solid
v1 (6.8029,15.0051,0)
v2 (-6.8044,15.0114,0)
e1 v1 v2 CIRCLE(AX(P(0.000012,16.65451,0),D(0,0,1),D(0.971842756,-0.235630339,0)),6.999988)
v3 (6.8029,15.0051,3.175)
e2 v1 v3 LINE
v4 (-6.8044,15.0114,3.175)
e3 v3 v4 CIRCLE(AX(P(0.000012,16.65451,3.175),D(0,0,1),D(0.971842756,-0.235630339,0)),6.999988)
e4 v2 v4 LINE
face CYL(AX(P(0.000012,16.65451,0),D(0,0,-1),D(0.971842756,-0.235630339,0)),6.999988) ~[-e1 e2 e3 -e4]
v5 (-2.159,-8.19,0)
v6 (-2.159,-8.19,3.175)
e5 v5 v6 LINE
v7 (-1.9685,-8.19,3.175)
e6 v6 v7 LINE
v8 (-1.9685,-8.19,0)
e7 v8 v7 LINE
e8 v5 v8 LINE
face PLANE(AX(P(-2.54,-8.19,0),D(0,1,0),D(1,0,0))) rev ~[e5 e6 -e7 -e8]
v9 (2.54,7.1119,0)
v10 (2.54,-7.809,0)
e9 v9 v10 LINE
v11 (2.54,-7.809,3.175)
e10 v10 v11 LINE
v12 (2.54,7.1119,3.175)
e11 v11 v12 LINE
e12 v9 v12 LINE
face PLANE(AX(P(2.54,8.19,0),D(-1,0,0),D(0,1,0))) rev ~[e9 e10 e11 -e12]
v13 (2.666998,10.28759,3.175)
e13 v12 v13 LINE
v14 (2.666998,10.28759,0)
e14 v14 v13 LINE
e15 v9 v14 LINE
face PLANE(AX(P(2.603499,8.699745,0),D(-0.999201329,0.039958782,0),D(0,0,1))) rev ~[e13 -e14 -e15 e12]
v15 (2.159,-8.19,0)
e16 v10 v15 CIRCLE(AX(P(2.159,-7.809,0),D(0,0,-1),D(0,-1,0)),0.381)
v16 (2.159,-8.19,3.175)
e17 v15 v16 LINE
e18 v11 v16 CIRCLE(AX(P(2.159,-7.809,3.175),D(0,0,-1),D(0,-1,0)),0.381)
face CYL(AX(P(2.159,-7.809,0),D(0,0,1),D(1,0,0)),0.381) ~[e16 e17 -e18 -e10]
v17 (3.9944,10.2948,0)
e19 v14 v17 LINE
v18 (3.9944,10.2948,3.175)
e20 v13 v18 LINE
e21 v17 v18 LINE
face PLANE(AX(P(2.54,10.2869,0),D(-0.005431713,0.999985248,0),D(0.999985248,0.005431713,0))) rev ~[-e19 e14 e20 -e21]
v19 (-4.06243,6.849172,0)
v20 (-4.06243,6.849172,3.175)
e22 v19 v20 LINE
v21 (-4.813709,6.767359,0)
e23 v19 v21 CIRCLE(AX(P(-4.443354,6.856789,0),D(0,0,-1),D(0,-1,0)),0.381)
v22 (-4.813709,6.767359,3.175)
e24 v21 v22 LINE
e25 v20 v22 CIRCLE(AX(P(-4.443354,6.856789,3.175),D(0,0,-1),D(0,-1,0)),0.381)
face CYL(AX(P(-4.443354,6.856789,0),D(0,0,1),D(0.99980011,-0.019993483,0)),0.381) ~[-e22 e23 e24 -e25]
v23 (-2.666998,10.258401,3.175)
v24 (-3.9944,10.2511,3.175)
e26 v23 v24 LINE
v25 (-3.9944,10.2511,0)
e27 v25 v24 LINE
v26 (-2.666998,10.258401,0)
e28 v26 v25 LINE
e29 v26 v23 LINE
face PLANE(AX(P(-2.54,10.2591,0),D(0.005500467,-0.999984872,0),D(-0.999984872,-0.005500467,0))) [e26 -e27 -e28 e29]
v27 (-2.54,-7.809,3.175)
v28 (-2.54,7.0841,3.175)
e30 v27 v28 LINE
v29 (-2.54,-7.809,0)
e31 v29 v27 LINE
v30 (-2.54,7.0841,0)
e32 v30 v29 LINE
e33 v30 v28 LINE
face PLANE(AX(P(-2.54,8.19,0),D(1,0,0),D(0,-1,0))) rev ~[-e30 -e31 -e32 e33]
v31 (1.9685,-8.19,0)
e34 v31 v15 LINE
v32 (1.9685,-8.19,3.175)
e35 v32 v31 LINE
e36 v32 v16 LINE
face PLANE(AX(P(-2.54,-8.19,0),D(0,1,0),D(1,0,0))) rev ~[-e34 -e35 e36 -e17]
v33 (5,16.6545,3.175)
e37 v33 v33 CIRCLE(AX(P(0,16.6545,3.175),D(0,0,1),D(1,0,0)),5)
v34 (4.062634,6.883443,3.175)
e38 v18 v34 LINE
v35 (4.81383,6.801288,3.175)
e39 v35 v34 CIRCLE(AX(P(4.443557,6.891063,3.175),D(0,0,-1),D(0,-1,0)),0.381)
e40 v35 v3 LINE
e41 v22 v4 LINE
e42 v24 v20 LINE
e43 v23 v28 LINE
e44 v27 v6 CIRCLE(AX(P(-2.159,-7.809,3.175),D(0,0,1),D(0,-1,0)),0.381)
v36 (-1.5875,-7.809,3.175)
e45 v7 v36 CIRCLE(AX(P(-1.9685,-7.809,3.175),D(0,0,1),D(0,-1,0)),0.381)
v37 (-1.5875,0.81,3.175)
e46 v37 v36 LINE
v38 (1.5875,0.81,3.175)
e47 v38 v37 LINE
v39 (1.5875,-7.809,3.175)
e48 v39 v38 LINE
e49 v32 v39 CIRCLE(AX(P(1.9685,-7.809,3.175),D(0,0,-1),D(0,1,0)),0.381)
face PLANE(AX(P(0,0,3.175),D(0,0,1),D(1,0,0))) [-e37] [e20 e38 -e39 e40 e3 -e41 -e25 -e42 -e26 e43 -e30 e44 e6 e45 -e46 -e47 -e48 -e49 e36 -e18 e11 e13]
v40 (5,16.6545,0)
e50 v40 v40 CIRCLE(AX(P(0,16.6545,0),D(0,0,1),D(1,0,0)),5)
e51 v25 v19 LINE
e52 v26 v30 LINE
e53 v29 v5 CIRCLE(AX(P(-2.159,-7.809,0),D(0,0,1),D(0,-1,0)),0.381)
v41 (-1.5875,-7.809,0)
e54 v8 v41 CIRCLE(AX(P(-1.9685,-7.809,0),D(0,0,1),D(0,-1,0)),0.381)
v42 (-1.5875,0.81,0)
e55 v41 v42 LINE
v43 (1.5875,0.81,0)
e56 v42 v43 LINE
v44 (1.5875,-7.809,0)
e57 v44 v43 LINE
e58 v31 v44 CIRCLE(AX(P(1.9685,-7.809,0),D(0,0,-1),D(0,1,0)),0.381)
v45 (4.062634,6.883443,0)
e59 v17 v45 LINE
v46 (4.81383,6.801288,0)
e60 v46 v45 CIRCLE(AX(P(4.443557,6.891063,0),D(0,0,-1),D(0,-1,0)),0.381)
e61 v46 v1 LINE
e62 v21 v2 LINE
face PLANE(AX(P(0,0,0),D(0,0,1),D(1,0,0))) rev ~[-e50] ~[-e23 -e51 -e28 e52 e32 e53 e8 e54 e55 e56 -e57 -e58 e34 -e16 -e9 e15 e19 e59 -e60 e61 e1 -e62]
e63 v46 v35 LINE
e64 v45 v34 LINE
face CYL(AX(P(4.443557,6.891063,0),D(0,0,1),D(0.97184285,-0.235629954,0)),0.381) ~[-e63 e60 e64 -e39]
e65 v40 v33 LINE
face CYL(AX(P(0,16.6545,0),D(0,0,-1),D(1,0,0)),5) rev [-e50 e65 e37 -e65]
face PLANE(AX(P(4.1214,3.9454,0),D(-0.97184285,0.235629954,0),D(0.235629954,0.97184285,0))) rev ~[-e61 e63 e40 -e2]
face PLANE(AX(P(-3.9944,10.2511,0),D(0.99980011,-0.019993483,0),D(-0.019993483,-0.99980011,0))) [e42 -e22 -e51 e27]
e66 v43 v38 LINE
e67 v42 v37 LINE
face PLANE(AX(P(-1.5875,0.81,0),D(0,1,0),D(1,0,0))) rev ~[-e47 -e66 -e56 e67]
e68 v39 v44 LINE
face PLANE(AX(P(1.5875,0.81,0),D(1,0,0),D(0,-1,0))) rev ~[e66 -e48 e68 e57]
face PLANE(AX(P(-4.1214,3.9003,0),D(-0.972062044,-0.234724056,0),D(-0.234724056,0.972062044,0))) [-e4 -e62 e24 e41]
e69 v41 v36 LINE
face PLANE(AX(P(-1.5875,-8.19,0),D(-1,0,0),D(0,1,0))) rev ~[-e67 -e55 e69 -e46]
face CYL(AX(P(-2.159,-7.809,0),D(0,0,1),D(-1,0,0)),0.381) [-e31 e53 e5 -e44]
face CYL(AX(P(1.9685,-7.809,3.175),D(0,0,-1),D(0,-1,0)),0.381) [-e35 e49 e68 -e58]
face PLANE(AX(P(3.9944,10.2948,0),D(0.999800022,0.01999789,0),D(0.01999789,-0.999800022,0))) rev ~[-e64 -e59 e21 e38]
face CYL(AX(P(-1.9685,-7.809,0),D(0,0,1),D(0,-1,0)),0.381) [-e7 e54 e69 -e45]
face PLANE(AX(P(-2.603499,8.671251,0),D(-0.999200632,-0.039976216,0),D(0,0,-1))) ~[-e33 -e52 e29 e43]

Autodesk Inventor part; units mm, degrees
ref_plane "YZ Plane" through (0, 0, 0) normal (1, 0, 0) x (0, 1, 0)
ref_plane "XZ Plane" through (0, 0, 0) normal (0, 1, 0) x (-1, 0, 0)
ref_plane "XY Plane" through (0, 0, 0) normal (0, 0, 1) x (1, 0, 0)
sketch "Sketch1" plane through (0, 0, 0) normal (0, 0, 1) x (1, 0, 0)
  line L0 (-2.54, -8.19) -> (2.54, -8.19)
  line L1 (2.54, -8.19) -> (2.54, 8.19)
  line L2 (-2.54, 8.19) -> (-2.54, -8.19)
  line L3 (-2.54, -8.19) -> (2.54, 8.19) construction
  line L4 (2.54, -8.19) -> (-2.54, 8.19) construction
  circle A0 centre (0, 16.6545) radius 2.5 construction
  circle A1 centre (0, 16.6545) radius 5
  arc A2 (6.8029, 15.0051) -> (-6.8044, 15.0114) centre (0, 16.6545) ccw
  line L5 (-2.54, 8.19) -> (-2.54, 10.2591)
  line L6 (2.54, 8.19) -> (2.54, 10.2869)
  line L7 (0, 0) -> (0, 10.7842) construction
  line L8 (-2.54, 10.2591) -> (-3.9944, 10.2511)
  line L9 (2.54, 10.2869) -> (3.9944, 10.2948)
  line L10 (-3.9944, 10.2511) -> (-4.1214, 3.9003)
  line L11 (3.9944, 10.2948) -> (4.1214, 3.9454)
  line L12 (-4.1214, 3.9003) -> (-6.8044, 15.0114)
  line L13 (4.1214, 3.9454) -> (6.8029, 15.0051)
  line L14 (0, 0) -> (0, 22.9511) construction
  point P0 (-3.2672, 10.2551)
  dimension "d2" = 5
  dimension "d3" = 10
  dimension "d4" = 14
  dimension "d8" = 1.5815
  dimension "d9" = 1.5815
  dimension "d10" = 6.35
  dimension "d11" = 6.35
  dimension "d18" = 1.4545
  dimension "d19" = 1.4545
  dimension "d31" = 2.54
  dimension "d32" = 2.54
  dimension "d33" = 0
extrude "Plate1" add sketch "Sketch1" along normal blind 3.175
sketch "Sketch2" plane through (0, 0, 0) normal (0, 0, -1) x (-1, 0, 0)
  circle A0 centre (0, 16.6545) radius 5 projected
  line L0 (-3.9944, 10.2948) -> (-4.1214, 3.9454) projected
  line L1 (-2.54, 10.2869) -> (-3.9944, 10.2948) projected
  line L2 (-2.54, -8.19) -> (-2.54, 10.2869) projected
  line L3 (2.54, -8.19) -> (-2.54, -8.19) projected
  line L4 (2.54, 10.2591) -> (2.54, -8.19) projected
  line L5 (3.9944, 10.2511) -> (2.54, 10.2591) projected
  line L6 (4.1214, 3.9003) -> (3.9944, 10.2511) projected
  line L7 (6.8044, 15.0114) -> (4.1214, 3.9003) projected
  arc A1 (6.8044, 15.0114) -> (-6.8029, 15.0051) centre (0, 16.6545) ccw projected
  line L8 (-4.1214, 3.9454) -> (-6.8029, 15.0051) projected
  line L9 (-1.5875, -17.19) -> (1.5875, -17.19)
  line L10 (1.5875, -17.19) -> (1.5875, 0.81)
  line L11 (1.5875, 0.81) -> (-1.5875, 0.81)
  line L12 (-1.5875, 0.81) -> (-1.5875, -17.19)
  line L13 (-1.5875, -17.19) -> (1.5875, 0.81) construction
  line L14 (1.5875, -17.19) -> (-1.5875, 0.81) construction
  point P0 (0, 0)
  point P1 (0, -8.19)
  dimension "d14" = 3.175
extrude "Extrusion1" cut sketch "Sketch2" against normal blind 25.4 contours L12 L11 L10 L3 | L3 L10 L9 L12
sketch "Sketch3" plane through (0, 0, 3.175) normal (0, 0, 1) x (1, 0, 0)
  circle A0 centre (-37.757, 0) radius 3
  line L0 (-39.3445, -2.5456) -> (-36.1695, -2.5456)
  line L1 (-36.1695, -2.5456) -> (-36.1695, 2.5456)
  line L2 (-36.1695, 2.5456) -> (-39.3445, 2.5456)
  line L3 (-39.3445, 2.5456) -> (-39.3445, -2.5456)
  line L4 (-39.3445, -2.5456) -> (-36.1695, 2.5456) construction
  line L5 (-36.1695, -2.5456) -> (-39.3445, 2.5456) construction
  circle A1 centre (-37.757, 0) radius 4
  point P0 (0, 0)
  point P1 (-37.757, 3)
  point P2 (-37.757, 4)
  dimension "d35" = 8
  dimension "d28" = 6
  dimension "d29" = 3.175
  dimension "d30" = 5.0911
  dimension "d34" = 0.4545
  dimension "d36" = 1.4545
fillet "Fillet4" radius 0.381 6 edges at (-4.1214, 3.9003, 1.5875) (4.1214, 3.9454, 1.5875) (-2.54, -8.19, 1.5875) (-1.5875, -8.19, 1.5875) (1.5875, -8.19, 1.5875) (2.54, -8.19, 1.5875)
ref_plane "Work Plane1" through (0, 10.2591, 0) normal (-1, 0, 0) x (0, 0, 1)
ref_plane "Work Plane2" through (0, 0, 1.5875) normal (0, 0, 1) x (1, 0, 0)
chamfer "Chamfer3" distance 0.127 distance2 3.175 1 edges at (-2.54, 10.2591, 1.5875) measured on face at (-3.5096, 10.2538, 1.0583)
chamfer "Chamfer4" distance 3.175 distance2 0.127 1 edges at (2.54, 10.2869, 1.5875) measured on face at (2.54, -1.7771, 1.0583)
equation "\"d18\" = d36"
equation "\"d19\" = d36"
equation "\"BendRadius\" = Thickness"
equation "\"BendReliefWidth\" = Thickness"
equation "\"BendReliefDepth\" = 0.5 * Thickness"
equation "\"CornerReliefSize\" = 4 * Thickness"
equation "\"MinimumRemnant\" = 2 * Thickness"
equation "\"TransitionRadius\" = BendRadius"
equation "\"JacobiRadiusSize\" = BendRadius"
equation "\"GapSize\" = Thickness"
equation "\"d12\" = BendRadius"
equation "\"Thickness\" = 3.175"
properties part number "8mm OD 6mm ID Rod End125"
